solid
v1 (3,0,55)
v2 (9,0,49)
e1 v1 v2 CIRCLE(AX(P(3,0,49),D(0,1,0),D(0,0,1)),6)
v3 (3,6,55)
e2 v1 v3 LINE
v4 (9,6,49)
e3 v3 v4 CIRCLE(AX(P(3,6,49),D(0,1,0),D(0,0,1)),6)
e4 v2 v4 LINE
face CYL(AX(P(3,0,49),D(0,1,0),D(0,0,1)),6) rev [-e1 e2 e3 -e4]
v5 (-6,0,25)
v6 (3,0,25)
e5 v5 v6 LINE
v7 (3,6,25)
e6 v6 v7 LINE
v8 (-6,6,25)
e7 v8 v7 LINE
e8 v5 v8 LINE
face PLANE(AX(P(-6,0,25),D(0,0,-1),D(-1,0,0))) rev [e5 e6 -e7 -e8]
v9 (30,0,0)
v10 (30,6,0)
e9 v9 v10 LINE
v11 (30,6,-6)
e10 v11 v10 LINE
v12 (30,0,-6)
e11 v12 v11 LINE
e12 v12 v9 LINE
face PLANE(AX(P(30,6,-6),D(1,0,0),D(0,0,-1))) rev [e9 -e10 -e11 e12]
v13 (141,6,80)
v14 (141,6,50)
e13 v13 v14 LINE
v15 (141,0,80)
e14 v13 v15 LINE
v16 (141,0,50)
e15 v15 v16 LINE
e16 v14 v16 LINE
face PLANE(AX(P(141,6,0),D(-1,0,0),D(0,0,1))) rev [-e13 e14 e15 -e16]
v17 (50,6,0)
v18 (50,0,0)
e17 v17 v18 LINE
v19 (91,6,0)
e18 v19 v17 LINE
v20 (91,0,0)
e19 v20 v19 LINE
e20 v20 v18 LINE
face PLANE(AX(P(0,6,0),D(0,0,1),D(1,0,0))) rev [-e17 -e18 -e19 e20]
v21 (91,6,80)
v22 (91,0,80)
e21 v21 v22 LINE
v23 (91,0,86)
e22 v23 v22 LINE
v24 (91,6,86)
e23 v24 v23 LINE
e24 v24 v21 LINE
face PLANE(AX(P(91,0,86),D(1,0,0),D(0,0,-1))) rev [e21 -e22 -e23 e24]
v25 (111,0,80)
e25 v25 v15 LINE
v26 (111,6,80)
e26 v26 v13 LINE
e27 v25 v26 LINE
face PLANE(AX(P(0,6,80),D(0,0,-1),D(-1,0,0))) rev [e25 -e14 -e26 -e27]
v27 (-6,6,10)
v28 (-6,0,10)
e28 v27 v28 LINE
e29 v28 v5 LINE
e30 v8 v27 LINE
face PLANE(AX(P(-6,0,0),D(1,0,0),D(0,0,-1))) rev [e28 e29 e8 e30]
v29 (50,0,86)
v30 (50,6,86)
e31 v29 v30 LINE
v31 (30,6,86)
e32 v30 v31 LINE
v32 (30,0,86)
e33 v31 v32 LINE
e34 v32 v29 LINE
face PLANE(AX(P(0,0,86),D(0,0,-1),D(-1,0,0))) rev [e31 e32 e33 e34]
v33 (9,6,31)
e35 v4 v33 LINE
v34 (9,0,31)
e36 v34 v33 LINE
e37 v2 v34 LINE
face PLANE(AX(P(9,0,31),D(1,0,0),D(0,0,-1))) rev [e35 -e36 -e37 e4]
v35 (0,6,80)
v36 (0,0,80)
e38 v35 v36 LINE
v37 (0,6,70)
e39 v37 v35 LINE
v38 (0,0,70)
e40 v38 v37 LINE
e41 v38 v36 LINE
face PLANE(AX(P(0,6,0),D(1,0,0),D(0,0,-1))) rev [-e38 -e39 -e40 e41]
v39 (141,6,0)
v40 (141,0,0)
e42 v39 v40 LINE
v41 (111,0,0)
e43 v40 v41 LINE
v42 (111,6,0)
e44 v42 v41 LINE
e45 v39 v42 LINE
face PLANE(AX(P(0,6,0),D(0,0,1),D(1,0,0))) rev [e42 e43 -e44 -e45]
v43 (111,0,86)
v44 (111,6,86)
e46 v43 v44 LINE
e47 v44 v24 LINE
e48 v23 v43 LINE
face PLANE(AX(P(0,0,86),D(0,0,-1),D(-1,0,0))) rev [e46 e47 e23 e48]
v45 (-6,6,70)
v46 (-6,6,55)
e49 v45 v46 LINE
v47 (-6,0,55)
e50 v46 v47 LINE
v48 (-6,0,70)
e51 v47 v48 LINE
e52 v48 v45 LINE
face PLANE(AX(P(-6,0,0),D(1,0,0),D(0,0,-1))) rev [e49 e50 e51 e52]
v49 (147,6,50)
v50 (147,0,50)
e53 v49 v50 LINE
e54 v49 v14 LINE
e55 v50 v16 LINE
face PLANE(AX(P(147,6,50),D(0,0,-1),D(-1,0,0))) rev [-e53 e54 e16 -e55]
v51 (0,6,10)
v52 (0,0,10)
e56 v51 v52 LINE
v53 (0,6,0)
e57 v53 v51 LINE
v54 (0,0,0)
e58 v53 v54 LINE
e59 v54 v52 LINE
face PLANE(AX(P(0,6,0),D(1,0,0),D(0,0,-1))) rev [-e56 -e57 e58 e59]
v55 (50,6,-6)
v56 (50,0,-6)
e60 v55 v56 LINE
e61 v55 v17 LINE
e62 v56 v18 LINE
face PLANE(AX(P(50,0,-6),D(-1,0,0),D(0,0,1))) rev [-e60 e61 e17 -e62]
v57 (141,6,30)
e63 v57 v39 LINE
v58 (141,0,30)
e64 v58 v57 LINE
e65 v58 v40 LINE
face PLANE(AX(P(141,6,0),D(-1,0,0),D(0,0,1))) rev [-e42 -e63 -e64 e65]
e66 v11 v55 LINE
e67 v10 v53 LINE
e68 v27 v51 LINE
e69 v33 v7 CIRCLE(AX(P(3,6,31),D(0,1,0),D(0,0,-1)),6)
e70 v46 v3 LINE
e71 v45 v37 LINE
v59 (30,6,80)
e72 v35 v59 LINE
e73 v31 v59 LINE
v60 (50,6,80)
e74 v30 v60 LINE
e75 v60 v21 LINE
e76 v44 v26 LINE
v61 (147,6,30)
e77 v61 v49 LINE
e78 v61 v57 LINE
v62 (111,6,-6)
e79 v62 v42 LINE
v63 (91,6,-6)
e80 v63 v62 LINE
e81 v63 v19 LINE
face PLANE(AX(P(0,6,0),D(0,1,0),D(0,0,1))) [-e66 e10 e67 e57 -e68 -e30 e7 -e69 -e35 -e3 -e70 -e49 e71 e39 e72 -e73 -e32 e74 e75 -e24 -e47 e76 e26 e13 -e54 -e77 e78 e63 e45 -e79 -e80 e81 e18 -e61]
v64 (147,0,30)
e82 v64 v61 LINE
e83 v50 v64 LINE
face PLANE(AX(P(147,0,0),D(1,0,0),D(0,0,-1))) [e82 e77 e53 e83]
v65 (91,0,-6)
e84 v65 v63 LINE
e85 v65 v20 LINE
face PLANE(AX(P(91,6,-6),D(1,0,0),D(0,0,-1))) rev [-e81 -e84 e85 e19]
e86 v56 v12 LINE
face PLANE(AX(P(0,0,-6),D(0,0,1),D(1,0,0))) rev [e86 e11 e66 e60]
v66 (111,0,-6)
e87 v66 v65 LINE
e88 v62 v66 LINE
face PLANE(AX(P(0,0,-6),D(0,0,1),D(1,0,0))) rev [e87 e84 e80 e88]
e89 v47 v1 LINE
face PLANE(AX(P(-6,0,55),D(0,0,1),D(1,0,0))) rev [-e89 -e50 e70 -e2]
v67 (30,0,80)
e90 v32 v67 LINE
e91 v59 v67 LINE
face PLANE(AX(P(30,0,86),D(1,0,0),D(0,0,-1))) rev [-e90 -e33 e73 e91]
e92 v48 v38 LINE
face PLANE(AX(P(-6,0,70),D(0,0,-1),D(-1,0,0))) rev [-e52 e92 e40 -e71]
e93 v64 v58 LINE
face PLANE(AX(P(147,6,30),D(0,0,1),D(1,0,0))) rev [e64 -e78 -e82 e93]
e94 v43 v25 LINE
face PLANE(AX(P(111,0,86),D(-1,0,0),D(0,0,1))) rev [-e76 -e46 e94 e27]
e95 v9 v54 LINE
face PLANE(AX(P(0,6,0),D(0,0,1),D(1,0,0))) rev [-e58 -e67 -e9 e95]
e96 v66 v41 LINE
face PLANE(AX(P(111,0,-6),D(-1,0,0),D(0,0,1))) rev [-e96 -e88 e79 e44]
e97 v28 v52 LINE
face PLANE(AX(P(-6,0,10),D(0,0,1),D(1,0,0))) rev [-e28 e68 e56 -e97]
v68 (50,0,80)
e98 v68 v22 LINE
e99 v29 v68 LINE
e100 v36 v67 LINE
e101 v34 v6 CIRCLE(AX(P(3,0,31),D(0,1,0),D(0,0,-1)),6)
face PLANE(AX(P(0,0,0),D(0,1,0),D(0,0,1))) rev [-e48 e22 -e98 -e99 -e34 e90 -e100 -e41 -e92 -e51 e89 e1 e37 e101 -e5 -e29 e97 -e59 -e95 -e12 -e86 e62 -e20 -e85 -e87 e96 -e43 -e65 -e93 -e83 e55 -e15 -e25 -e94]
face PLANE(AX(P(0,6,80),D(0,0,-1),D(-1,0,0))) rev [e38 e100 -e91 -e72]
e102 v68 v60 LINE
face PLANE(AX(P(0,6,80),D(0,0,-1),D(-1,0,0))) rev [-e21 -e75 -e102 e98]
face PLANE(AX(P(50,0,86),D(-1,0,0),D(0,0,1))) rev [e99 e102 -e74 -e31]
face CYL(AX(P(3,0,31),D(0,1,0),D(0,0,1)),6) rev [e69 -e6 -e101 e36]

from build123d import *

# Parameters (mm, degrees)
SKETCH1_W           = 141
SKETCH1_H           = 80
BOSS_EXTRUDE1_DEPTH = 6
SKETCH2_W           = 20
SKETCH2_H           = 6
BOSS_EXTRUDE2_DEPTH = 6
SKETCH3_W           = 20
SKETCH3_H           = 6
BOSS_EXTRUDE3_DEPTH = 6
SKETCH4_W           = 15
SKETCH4_H           = 6
BOSS_EXTRUDE4_DEPTH = 6
SKETCH5_W           = 20
SKETCH5_H           = 6
BOSS_EXTRUDE5_DEPTH = 6
CUT_EXTRUDE1_DEPTH  = 6


with BuildPart() as part:
    # Sketch1 → Boss-Extrude1 (new body)
    with BuildSketch(Plane(origin=(0, 0, 0), x_dir=(1, 0, 0), z_dir=(0, 1, 0))):
        with Locations((70.5, -40)):
            Rectangle(SKETCH1_W, SKETCH1_H)
    extrude(amount=BOSS_EXTRUDE1_DEPTH)

    # Sketch2 → Boss-Extrude2 (add)
    with BuildSketch(Plane.XY.offset(80)):
        with Locations((40, 3)):
            Rectangle(SKETCH2_W, SKETCH2_H)
        with Locations((101, 3)):
            Rectangle(SKETCH2_W, SKETCH2_H)
    extrude(amount=BOSS_EXTRUDE2_DEPTH)

    # Sketch3 → Boss-Extrude3 (add)
    with BuildSketch(Plane(origin=(0, 0, 0), x_dir=(-1, 0, 0), z_dir=(0, 0, -1))):
        with Locations((-101, 3)):
            Rectangle(SKETCH3_W, SKETCH3_H)
        with Locations((-40, 3)):
            Rectangle(SKETCH3_W, SKETCH3_H)
    extrude(amount=BOSS_EXTRUDE3_DEPTH)

    # Sketch4 → Boss-Extrude4 (add)
    with BuildSketch(Plane.ZY):
        with Locations((17.5, 3)):
            Rectangle(SKETCH4_W, SKETCH4_H)
        with Locations((62.5, 3)):
            Rectangle(SKETCH4_W, SKETCH4_H)
    extrude(amount=BOSS_EXTRUDE4_DEPTH)

    # Sketch5 → Boss-Extrude5 (add)
    with BuildSketch(Plane(origin=(141, 0, 0), x_dir=(0, 0, -1), z_dir=(1, 0, 0))):
        with Locations((-40, 3)):
            Rectangle(SKETCH5_W, SKETCH5_H)
    extrude(amount=BOSS_EXTRUDE5_DEPTH)

    # Sketch6 → Cut-Extrude1 (cut)
    with BuildSketch(Plane(origin=(0, 6, 0), x_dir=(1, 0, 0), z_dir=(0, 1, 0))):
        with BuildLine():
            Line((0, -25), (3, -25))
            ThreePointArc((3, -25), (7.242640687, -26.757359313), (9, -31))
            Line((9, -31), (9, -49))
            ThreePointArc((9, -49), (7.242640687, -53.242640687), (3, -55))
            Line((3, -55), (0, -55))
            Line((0, -55), (0, -25))
        make_face()
    extrude(amount=-CUT_EXTRUDE1_DEPTH, mode=Mode.SUBTRACT)


solid = part.part
